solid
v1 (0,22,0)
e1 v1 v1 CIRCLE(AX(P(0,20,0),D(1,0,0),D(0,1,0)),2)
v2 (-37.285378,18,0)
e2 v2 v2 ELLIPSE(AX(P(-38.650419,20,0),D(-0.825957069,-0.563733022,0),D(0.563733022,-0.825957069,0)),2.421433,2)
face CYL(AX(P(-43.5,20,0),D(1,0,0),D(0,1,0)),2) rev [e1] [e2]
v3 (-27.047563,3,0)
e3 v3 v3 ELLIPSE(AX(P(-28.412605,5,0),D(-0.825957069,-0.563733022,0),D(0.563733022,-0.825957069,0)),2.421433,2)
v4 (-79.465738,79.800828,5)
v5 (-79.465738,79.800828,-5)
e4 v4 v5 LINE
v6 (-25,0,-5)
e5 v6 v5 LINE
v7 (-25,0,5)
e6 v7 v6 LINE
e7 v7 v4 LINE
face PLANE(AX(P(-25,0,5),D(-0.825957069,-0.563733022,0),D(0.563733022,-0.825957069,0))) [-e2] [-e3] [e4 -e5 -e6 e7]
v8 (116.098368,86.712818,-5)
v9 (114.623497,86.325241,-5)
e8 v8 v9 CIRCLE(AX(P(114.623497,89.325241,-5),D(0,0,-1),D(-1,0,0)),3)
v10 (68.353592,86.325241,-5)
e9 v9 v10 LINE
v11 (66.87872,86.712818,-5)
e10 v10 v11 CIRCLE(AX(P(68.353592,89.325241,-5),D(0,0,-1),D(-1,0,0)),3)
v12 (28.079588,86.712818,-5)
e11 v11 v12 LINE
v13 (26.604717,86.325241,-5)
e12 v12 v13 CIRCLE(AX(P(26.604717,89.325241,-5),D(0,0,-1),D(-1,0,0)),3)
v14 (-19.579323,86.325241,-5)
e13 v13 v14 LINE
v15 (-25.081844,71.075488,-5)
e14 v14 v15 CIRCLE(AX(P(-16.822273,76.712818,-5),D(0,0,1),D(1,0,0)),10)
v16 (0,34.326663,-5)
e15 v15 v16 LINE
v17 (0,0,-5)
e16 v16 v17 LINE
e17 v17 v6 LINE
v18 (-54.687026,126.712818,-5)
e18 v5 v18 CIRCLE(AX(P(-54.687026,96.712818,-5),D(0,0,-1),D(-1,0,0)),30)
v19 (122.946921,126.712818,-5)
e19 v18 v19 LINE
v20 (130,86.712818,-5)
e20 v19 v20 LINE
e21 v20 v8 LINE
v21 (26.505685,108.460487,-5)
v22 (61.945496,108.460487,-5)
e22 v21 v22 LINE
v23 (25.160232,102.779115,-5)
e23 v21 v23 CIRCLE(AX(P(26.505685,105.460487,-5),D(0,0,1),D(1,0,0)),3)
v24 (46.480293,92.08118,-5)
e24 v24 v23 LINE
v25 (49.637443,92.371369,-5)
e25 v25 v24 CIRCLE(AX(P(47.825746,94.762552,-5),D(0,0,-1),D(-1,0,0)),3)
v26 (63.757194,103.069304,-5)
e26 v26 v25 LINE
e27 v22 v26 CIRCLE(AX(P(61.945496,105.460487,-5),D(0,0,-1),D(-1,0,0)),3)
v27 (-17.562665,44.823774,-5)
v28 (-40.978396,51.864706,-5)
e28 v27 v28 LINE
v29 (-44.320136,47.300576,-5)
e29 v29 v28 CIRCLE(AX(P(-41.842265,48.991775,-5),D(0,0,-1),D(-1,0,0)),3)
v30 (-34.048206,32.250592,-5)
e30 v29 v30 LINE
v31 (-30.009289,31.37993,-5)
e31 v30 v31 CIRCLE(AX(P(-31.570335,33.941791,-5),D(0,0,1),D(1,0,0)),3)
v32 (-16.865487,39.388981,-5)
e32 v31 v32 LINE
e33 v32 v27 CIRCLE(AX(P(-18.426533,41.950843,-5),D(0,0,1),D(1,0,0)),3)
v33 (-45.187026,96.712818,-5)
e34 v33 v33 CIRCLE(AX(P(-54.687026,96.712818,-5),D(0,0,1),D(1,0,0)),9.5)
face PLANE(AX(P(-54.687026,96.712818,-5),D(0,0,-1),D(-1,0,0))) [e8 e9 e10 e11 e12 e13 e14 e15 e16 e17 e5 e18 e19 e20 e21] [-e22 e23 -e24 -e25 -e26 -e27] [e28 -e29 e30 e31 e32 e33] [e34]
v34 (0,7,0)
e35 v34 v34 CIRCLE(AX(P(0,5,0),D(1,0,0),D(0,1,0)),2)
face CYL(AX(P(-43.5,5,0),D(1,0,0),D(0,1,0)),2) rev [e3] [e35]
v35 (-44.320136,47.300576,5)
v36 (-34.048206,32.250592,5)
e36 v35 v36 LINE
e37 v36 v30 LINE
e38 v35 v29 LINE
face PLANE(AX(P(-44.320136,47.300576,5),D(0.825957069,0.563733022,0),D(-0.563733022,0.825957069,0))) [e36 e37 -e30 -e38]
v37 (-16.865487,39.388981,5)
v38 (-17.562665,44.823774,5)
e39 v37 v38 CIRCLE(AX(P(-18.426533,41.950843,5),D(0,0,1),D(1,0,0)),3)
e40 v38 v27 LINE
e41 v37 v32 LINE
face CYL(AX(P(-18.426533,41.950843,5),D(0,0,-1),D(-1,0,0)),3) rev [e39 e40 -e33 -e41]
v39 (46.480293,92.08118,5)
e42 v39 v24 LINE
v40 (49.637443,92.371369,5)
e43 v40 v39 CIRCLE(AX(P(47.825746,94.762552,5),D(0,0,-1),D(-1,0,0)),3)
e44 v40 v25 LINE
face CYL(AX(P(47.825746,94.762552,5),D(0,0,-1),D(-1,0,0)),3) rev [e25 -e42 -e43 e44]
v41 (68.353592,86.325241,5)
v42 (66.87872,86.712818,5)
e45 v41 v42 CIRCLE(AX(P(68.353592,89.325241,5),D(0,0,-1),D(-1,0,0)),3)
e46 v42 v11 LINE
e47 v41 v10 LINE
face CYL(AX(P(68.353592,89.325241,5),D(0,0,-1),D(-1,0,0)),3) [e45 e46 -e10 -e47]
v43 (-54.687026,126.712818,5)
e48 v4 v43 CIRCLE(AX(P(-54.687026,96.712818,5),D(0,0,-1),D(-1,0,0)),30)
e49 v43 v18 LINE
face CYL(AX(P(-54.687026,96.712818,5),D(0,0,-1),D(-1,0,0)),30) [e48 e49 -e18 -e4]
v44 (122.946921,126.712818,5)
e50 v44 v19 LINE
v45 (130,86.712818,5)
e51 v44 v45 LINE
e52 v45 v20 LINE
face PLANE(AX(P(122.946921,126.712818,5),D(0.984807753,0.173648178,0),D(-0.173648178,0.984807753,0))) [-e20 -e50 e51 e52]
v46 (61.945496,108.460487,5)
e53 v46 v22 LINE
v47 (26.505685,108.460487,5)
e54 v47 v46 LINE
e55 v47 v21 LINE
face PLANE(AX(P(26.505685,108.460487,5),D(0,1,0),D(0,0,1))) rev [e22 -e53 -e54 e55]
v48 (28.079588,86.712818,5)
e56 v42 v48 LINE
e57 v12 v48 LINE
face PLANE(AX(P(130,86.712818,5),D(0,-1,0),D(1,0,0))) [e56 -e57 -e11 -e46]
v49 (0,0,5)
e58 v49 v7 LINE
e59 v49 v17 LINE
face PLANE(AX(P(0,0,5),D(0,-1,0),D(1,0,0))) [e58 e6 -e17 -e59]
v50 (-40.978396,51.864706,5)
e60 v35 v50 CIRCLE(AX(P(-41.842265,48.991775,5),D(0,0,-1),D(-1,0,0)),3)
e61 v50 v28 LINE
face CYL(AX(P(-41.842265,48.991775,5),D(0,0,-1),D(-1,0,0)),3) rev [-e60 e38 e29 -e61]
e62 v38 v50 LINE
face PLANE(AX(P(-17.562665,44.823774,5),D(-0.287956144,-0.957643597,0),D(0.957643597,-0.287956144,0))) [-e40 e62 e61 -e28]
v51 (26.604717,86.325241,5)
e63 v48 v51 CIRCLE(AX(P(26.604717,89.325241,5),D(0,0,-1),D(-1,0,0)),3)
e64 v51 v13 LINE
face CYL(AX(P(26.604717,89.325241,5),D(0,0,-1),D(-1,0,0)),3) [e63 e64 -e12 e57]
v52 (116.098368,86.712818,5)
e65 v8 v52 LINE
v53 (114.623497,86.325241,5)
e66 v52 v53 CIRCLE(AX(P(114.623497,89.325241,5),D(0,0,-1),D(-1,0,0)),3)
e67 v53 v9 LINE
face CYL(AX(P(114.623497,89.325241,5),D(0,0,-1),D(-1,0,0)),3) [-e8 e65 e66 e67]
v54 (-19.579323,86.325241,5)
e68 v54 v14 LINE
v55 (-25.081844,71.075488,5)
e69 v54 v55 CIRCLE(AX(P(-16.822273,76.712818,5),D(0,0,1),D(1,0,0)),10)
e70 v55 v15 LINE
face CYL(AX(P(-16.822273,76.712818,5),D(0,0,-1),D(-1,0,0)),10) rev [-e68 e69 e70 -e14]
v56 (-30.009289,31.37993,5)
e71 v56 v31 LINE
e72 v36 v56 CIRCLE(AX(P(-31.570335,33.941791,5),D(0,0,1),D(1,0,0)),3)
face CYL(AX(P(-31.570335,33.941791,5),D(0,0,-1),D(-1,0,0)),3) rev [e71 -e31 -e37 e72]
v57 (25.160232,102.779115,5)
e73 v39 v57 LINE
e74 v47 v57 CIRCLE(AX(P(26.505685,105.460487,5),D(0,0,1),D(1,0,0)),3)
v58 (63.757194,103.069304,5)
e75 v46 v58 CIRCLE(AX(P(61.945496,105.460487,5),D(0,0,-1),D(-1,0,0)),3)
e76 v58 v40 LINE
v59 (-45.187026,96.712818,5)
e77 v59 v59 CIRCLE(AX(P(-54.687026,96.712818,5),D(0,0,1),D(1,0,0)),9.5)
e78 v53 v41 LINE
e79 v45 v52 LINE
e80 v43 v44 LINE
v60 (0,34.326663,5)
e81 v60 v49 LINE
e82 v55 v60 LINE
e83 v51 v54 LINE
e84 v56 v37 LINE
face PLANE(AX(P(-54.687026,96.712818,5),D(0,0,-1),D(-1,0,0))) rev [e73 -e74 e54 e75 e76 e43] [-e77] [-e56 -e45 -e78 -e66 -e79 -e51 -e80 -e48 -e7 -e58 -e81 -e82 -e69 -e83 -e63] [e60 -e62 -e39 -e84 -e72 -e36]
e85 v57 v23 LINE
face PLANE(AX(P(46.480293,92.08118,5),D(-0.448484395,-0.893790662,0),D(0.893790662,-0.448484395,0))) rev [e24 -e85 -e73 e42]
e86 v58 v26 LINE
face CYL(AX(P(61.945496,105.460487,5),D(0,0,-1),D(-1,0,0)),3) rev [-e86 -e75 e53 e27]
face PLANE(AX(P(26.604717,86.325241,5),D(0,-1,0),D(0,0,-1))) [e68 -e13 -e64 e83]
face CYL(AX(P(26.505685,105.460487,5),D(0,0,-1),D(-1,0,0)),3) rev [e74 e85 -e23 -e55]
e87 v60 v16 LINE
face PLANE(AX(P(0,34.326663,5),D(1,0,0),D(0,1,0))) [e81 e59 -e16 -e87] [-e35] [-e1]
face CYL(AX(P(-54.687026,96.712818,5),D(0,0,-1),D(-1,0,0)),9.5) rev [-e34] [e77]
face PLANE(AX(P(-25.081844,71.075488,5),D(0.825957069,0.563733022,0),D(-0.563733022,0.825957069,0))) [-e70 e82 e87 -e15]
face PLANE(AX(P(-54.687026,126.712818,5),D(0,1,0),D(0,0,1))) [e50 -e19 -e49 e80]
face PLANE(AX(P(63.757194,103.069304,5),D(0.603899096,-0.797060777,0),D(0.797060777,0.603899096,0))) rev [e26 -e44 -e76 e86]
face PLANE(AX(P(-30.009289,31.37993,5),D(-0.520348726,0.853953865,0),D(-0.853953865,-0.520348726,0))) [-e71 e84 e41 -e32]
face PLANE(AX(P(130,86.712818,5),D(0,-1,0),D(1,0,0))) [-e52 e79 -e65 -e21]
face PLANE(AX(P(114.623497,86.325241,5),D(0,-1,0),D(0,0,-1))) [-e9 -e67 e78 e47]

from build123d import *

# Parameters (mm, degrees)
SKETCH1_R           = 9.5
BOSS_EXTRUDE2_DEPTH = 5
SKETCH2_R           = 2
CUT_EXTRUDE1_DEPTH  = 43.5


with BuildPart() as part:
    # Sketch1 → Boss-Extrude2 (new, symmetric)
    with BuildSketch(Plane.XY):
        with BuildLine():
            Line((-25, 0), (0, 0))
            Line((0, 0), (0, 34.32666264))
            Line((0, 34.32666264), (-25.081844034, 71.075487971))
            ThreePointArc((-25.081844034, 71.075487971), (-26.228666022, 80.106897872), (-19.579322507, 86.325241404))
            Line((-19.579322507, 86.325241404), (26.604717255, 86.325241404))
            ThreePointArc((26.604717255, 86.325241404), (27.367190328, 86.423753026), (28.079588429, 86.712818196))
            Line((28.079588429, 86.712818196), (66.87872037, 86.712818196))
            ThreePointArc((66.87872037, 86.712818196), (67.591118471, 86.423753026), (68.353591544, 86.325241404))
            Line((68.353591544, 86.325241404), (114.623497212, 86.325241404))
            ThreePointArc((114.623497212, 86.325241404), (115.385970286, 86.423753026), (116.098368387, 86.712818196))
            Line((116.098368387, 86.712818196), (130, 86.712818196))
            Line((130, 86.712818196), (122.946920772, 126.712818196))
            Line((122.946920772, 126.712818196), (-54.687026413, 126.712818196))
            ThreePointArc((-54.687026413, 126.712818196), (-81.213991187, 110.724247098), (-79.465738474, 79.800827522))
            Line((-79.465738474, 79.800827522), (-25, 0))
        make_face()
        with BuildLine():
            Line((-34.048206361, 32.250592263), (-44.320136127, 47.300576318))
            ThreePointArc((-44.320136127, 47.300576318), (-44.262816837, 50.76404185), (-40.978396488, 51.864706177))
            Line((-40.978396488, 51.864706177), (-17.56266475, 44.823773781))
            ThreePointArc((-17.56266475, 44.823773781), (-15.450916476, 42.332556513), (-16.865487004, 39.388981395))
            Line((-16.865487004, 39.388981395), (-30.009288975, 31.379929737))
            ThreePointArc((-30.009288975, 31.379929737), (-32.202518151, 31.009156908), (-34.048206361, 32.250592263))
        make_face(mode=Mode.SUBTRACT)
        with Locations((-54.687026413, 96.712818196)):
            Circle(SKETCH1_R, mode=Mode.SUBTRACT)
        with BuildLine():
            ThreePointArc((25.16023195, 102.779114733), (23.586428727, 106.151820228), (26.505685136, 108.460486719))
            Line((26.505685136, 108.460486719), (61.945496305, 108.460486719))
            ThreePointArc((61.945496305, 108.460486719), (64.78922159, 106.416115571), (63.757193592, 103.069304387))
            Line((63.757193592, 103.069304387), (49.637443167, 92.371369228))
            ThreePointArc((49.637443167, 92.371369228), (48.10033357, 91.775144389), (46.480292695, 92.081179573))
            Line((46.480292695, 92.081179573), (25.16023195, 102.779114733))
        make_face(mode=Mode.SUBTRACT)
    extrude(amount=BOSS_EXTRUDE2_DEPTH, both=True)

    # Sketch2 → Cut-Extrude1 (cut, symmetric)
    with BuildSketch(Plane(origin=(0, 0, 0), x_dir=(0, 0, -1), z_dir=(1, 0, 0))):
        with Locations(Location((0, 5, 0), (0, 0, 90))):
            Circle(SKETCH2_R)
        with Locations(Location((0, 20, 0), (0, 0, 90))):
            Circle(SKETCH2_R)
    extrude(amount=CUT_EXTRUDE1_DEPTH, both=True, mode=Mode.SUBTRACT)


solid = part.part
